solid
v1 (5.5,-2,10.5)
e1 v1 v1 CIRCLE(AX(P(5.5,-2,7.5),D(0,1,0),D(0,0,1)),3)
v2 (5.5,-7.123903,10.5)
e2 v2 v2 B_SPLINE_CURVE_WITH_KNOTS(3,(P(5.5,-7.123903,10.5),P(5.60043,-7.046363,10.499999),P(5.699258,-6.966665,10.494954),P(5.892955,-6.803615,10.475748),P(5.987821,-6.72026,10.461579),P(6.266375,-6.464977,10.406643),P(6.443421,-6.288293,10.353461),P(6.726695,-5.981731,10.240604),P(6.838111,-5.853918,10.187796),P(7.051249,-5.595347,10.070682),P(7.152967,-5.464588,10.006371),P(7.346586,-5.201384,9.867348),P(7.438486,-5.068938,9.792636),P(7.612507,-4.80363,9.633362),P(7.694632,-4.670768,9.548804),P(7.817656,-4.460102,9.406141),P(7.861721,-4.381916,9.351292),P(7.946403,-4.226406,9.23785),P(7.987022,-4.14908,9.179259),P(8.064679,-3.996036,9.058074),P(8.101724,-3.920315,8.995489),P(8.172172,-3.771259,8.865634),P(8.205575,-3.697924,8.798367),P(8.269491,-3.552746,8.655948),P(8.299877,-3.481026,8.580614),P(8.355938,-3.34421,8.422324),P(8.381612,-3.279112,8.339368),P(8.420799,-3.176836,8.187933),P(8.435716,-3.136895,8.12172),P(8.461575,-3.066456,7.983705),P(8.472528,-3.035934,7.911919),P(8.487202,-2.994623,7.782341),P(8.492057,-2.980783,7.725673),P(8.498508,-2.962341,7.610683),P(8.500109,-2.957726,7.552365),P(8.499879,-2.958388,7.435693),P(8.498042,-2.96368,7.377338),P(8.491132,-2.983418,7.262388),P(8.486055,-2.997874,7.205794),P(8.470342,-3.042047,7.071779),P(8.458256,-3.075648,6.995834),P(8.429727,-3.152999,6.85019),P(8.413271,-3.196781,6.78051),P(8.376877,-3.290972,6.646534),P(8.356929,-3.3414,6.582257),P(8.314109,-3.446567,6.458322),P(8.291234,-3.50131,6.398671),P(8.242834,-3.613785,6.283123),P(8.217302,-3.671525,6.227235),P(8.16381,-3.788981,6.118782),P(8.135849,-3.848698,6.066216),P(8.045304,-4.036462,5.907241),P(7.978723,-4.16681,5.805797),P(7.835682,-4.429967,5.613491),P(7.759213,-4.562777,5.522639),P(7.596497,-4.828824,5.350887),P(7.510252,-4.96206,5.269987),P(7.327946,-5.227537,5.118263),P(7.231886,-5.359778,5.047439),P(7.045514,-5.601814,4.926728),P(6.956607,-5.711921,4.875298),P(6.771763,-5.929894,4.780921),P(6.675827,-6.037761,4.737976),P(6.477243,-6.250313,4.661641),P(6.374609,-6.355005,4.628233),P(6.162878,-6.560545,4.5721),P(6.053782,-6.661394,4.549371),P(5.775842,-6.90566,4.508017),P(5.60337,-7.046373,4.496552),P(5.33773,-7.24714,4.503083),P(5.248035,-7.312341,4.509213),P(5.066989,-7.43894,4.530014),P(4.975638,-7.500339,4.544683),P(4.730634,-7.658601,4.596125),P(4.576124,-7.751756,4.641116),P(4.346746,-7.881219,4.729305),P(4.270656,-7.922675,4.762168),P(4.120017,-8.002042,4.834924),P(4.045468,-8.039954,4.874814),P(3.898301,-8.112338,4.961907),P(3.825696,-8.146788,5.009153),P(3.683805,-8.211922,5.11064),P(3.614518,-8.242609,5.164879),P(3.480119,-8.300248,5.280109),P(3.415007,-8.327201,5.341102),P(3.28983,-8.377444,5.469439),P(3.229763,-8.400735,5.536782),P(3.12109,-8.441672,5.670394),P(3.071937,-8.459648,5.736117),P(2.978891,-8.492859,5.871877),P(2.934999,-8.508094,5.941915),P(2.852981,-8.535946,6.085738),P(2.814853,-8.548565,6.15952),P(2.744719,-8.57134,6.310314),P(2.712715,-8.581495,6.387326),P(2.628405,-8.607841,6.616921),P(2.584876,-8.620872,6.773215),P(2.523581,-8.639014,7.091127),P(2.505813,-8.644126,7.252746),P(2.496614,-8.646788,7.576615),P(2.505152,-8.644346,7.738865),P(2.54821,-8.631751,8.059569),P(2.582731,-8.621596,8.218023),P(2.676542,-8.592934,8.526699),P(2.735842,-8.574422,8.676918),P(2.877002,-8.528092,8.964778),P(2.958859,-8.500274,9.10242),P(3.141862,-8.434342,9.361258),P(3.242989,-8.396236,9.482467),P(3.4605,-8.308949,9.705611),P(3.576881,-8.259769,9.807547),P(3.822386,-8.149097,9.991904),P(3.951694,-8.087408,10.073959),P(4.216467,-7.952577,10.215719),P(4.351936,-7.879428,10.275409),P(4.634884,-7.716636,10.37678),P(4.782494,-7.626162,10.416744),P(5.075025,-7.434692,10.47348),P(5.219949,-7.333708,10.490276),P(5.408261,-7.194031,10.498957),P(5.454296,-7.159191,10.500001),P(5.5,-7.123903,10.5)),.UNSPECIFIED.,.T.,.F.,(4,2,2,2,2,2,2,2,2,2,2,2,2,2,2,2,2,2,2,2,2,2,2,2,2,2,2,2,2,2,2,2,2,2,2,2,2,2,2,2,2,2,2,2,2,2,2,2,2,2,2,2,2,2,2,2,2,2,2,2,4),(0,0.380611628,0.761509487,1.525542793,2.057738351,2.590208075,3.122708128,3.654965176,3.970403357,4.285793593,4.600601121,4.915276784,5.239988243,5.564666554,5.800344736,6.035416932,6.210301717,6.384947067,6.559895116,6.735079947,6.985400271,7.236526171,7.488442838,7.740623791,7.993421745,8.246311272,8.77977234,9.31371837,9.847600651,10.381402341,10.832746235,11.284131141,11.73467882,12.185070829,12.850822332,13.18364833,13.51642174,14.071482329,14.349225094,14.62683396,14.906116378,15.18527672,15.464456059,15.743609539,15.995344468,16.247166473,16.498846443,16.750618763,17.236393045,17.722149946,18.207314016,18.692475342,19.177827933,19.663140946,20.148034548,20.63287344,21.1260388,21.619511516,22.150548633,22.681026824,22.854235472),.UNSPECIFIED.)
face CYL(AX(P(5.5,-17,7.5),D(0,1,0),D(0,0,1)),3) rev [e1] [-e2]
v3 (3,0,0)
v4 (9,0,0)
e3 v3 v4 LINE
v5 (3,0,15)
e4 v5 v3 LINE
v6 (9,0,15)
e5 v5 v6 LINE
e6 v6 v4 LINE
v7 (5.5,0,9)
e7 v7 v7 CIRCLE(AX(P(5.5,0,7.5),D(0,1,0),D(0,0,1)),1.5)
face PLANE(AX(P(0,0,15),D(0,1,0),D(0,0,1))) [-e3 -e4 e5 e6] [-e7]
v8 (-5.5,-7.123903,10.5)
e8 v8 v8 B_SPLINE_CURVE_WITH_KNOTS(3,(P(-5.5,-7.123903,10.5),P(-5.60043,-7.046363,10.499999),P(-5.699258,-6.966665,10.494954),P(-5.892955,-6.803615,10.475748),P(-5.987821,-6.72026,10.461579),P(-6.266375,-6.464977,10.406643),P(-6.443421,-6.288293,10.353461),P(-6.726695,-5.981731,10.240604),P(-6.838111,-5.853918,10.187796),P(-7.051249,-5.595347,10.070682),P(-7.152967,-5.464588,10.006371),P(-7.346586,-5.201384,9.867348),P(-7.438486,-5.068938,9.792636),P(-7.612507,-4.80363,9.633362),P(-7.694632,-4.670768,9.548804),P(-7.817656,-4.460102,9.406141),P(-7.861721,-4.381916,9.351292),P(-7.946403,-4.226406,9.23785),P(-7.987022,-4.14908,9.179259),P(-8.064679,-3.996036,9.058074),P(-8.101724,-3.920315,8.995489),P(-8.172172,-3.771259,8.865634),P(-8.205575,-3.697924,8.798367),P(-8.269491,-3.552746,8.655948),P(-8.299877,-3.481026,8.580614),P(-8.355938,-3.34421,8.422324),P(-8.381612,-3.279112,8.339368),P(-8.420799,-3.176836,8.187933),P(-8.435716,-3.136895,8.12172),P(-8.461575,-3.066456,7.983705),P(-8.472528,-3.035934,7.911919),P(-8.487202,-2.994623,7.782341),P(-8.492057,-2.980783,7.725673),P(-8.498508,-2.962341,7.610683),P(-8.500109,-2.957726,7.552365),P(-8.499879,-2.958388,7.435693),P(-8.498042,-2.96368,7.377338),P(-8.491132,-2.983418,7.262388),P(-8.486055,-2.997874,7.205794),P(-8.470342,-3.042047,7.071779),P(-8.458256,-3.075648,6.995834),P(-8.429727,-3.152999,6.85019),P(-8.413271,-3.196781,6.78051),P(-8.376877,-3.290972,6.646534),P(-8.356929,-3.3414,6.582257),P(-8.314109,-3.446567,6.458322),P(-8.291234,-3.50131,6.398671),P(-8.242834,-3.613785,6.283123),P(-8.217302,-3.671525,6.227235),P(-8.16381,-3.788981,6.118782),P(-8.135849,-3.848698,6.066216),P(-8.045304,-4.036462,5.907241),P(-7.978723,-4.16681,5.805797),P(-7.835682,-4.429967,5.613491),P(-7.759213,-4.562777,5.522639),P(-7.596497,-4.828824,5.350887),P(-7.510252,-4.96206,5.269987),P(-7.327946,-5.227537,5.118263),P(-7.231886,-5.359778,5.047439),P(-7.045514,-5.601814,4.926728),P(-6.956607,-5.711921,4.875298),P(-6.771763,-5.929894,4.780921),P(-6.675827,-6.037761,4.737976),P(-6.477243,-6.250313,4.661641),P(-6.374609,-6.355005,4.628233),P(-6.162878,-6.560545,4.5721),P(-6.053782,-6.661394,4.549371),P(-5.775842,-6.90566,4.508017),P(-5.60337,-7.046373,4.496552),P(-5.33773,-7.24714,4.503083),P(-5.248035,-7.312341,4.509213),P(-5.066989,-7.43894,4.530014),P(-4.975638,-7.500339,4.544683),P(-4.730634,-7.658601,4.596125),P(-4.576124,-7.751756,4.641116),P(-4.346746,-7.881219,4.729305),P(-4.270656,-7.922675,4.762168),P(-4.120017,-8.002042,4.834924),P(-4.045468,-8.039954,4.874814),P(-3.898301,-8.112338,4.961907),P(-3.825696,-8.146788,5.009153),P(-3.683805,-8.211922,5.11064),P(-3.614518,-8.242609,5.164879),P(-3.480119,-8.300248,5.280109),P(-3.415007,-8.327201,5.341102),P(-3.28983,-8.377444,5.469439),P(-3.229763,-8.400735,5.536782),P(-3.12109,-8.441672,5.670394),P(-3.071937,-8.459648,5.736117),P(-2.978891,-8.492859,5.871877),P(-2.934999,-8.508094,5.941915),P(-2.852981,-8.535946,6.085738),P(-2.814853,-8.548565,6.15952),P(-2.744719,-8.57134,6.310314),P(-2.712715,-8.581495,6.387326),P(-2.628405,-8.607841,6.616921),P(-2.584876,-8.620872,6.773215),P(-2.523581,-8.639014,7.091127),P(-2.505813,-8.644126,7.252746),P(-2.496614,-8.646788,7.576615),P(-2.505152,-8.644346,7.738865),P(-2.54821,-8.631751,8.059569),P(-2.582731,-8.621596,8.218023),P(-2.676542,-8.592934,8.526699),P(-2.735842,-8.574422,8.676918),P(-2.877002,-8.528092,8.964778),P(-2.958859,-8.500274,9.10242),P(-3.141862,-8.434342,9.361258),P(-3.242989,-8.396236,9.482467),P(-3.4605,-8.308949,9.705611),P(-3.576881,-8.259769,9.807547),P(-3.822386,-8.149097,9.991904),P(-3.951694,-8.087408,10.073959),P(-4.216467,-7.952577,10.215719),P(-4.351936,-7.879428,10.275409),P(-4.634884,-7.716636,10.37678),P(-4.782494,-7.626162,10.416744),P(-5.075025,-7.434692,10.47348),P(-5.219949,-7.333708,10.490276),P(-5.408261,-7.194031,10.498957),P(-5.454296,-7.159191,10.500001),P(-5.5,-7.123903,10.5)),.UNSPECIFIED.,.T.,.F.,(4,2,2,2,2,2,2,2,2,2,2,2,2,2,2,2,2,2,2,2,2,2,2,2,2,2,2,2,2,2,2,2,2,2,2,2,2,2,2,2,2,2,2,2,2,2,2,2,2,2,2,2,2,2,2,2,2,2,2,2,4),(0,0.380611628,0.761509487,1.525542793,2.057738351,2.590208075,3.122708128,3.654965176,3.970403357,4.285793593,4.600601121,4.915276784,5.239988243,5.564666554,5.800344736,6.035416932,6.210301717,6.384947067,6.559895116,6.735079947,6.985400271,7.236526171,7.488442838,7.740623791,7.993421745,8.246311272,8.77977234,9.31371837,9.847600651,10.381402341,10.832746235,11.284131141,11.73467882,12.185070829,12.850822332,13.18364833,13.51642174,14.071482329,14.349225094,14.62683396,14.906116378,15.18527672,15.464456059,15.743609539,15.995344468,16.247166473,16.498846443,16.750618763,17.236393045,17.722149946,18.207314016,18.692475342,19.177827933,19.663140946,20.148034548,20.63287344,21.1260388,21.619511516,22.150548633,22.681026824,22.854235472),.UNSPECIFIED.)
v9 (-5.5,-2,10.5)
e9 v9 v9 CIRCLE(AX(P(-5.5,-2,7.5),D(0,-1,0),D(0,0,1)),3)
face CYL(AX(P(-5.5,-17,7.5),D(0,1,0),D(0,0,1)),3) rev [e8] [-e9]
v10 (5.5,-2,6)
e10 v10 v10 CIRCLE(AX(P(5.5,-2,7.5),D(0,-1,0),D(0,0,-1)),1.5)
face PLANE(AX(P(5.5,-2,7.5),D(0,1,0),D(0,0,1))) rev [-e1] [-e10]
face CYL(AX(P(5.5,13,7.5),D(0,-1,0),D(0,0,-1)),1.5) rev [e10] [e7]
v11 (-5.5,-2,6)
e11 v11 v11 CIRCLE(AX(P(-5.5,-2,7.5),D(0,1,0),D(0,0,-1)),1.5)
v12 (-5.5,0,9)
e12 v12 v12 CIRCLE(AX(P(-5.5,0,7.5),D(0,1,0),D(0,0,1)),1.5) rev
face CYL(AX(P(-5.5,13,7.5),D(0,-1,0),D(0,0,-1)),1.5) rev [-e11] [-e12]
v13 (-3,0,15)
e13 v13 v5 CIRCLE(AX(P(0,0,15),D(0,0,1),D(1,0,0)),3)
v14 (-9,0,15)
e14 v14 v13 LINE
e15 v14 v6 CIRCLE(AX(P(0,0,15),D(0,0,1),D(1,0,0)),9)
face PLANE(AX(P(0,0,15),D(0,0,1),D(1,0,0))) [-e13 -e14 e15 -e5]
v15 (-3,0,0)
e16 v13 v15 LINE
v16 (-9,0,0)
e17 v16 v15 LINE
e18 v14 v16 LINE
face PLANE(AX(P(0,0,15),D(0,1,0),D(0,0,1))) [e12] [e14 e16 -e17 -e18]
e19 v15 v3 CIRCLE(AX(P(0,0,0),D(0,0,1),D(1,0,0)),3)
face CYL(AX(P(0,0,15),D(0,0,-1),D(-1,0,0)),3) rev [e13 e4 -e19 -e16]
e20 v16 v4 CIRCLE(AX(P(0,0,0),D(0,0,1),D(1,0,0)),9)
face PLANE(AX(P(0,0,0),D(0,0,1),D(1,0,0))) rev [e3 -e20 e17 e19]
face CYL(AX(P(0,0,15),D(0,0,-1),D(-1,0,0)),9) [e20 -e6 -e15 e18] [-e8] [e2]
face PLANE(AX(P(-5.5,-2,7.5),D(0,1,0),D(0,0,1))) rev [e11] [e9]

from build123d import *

# Parameters (mm, degrees)
BOSS_EXTRUDE1_DEPTH = 15
SKETCH2_R           = 3
CUT_EXTRUDE1_DEPTH  = 15
SKETCH3_R           = 1.5
CUT_EXTRUDE2_DEPTH  = 15


with BuildPart() as part:
    # Sketch1 → Boss-Extrude1 (new body)
    with BuildSketch(Plane.XY):
        with BuildLine():
            Line((9, 0), (3, 0))
            ThreePointArc((3, 0), (0, -3), (-3, 0))
            Line((-3, 0), (-9, 0))
            ThreePointArc((-9, 0), (0, -9), (9, 0))
        make_face()
    extrude(amount=BOSS_EXTRUDE1_DEPTH)

    # Sketch2 → Cut-Extrude1 (cut)
    with BuildSketch(Plane(origin=(0, -2, 0), x_dir=(1, 0, 0), z_dir=(0, 1, 0))):
        with Locations(Location((5.5, -7.5, 0), (0, 0, 270))):
            Circle(SKETCH2_R)
    cut_extrude1 = extrude(amount=-CUT_EXTRUDE1_DEPTH, mode=Mode.SUBTRACT)

    # Sketch3 → Cut-Extrude2 (cut)
    with BuildSketch(Plane.XZ.offset(2)):
        with Locations(Location((5.5, 7.5, 0), (0, 0, 270))):
            Circle(SKETCH3_R)
    cut_extrude2 = extrude(amount=-CUT_EXTRUDE2_DEPTH, mode=Mode.SUBTRACT)

    # Mirror1: Cut-Extrude1, Cut-Extrude2 across plane
    add(cut_extrude1.mirror(Plane(origin=(0, 0, 0), x_dir=(0, 0, 1), z_dir=(1, 0, 0))), mode=Mode.SUBTRACT)
    add(cut_extrude2.mirror(Plane(origin=(0, 0, 0), x_dir=(0, 0, 1), z_dir=(1, 0, 0))), mode=Mode.SUBTRACT)


solid = part.part
